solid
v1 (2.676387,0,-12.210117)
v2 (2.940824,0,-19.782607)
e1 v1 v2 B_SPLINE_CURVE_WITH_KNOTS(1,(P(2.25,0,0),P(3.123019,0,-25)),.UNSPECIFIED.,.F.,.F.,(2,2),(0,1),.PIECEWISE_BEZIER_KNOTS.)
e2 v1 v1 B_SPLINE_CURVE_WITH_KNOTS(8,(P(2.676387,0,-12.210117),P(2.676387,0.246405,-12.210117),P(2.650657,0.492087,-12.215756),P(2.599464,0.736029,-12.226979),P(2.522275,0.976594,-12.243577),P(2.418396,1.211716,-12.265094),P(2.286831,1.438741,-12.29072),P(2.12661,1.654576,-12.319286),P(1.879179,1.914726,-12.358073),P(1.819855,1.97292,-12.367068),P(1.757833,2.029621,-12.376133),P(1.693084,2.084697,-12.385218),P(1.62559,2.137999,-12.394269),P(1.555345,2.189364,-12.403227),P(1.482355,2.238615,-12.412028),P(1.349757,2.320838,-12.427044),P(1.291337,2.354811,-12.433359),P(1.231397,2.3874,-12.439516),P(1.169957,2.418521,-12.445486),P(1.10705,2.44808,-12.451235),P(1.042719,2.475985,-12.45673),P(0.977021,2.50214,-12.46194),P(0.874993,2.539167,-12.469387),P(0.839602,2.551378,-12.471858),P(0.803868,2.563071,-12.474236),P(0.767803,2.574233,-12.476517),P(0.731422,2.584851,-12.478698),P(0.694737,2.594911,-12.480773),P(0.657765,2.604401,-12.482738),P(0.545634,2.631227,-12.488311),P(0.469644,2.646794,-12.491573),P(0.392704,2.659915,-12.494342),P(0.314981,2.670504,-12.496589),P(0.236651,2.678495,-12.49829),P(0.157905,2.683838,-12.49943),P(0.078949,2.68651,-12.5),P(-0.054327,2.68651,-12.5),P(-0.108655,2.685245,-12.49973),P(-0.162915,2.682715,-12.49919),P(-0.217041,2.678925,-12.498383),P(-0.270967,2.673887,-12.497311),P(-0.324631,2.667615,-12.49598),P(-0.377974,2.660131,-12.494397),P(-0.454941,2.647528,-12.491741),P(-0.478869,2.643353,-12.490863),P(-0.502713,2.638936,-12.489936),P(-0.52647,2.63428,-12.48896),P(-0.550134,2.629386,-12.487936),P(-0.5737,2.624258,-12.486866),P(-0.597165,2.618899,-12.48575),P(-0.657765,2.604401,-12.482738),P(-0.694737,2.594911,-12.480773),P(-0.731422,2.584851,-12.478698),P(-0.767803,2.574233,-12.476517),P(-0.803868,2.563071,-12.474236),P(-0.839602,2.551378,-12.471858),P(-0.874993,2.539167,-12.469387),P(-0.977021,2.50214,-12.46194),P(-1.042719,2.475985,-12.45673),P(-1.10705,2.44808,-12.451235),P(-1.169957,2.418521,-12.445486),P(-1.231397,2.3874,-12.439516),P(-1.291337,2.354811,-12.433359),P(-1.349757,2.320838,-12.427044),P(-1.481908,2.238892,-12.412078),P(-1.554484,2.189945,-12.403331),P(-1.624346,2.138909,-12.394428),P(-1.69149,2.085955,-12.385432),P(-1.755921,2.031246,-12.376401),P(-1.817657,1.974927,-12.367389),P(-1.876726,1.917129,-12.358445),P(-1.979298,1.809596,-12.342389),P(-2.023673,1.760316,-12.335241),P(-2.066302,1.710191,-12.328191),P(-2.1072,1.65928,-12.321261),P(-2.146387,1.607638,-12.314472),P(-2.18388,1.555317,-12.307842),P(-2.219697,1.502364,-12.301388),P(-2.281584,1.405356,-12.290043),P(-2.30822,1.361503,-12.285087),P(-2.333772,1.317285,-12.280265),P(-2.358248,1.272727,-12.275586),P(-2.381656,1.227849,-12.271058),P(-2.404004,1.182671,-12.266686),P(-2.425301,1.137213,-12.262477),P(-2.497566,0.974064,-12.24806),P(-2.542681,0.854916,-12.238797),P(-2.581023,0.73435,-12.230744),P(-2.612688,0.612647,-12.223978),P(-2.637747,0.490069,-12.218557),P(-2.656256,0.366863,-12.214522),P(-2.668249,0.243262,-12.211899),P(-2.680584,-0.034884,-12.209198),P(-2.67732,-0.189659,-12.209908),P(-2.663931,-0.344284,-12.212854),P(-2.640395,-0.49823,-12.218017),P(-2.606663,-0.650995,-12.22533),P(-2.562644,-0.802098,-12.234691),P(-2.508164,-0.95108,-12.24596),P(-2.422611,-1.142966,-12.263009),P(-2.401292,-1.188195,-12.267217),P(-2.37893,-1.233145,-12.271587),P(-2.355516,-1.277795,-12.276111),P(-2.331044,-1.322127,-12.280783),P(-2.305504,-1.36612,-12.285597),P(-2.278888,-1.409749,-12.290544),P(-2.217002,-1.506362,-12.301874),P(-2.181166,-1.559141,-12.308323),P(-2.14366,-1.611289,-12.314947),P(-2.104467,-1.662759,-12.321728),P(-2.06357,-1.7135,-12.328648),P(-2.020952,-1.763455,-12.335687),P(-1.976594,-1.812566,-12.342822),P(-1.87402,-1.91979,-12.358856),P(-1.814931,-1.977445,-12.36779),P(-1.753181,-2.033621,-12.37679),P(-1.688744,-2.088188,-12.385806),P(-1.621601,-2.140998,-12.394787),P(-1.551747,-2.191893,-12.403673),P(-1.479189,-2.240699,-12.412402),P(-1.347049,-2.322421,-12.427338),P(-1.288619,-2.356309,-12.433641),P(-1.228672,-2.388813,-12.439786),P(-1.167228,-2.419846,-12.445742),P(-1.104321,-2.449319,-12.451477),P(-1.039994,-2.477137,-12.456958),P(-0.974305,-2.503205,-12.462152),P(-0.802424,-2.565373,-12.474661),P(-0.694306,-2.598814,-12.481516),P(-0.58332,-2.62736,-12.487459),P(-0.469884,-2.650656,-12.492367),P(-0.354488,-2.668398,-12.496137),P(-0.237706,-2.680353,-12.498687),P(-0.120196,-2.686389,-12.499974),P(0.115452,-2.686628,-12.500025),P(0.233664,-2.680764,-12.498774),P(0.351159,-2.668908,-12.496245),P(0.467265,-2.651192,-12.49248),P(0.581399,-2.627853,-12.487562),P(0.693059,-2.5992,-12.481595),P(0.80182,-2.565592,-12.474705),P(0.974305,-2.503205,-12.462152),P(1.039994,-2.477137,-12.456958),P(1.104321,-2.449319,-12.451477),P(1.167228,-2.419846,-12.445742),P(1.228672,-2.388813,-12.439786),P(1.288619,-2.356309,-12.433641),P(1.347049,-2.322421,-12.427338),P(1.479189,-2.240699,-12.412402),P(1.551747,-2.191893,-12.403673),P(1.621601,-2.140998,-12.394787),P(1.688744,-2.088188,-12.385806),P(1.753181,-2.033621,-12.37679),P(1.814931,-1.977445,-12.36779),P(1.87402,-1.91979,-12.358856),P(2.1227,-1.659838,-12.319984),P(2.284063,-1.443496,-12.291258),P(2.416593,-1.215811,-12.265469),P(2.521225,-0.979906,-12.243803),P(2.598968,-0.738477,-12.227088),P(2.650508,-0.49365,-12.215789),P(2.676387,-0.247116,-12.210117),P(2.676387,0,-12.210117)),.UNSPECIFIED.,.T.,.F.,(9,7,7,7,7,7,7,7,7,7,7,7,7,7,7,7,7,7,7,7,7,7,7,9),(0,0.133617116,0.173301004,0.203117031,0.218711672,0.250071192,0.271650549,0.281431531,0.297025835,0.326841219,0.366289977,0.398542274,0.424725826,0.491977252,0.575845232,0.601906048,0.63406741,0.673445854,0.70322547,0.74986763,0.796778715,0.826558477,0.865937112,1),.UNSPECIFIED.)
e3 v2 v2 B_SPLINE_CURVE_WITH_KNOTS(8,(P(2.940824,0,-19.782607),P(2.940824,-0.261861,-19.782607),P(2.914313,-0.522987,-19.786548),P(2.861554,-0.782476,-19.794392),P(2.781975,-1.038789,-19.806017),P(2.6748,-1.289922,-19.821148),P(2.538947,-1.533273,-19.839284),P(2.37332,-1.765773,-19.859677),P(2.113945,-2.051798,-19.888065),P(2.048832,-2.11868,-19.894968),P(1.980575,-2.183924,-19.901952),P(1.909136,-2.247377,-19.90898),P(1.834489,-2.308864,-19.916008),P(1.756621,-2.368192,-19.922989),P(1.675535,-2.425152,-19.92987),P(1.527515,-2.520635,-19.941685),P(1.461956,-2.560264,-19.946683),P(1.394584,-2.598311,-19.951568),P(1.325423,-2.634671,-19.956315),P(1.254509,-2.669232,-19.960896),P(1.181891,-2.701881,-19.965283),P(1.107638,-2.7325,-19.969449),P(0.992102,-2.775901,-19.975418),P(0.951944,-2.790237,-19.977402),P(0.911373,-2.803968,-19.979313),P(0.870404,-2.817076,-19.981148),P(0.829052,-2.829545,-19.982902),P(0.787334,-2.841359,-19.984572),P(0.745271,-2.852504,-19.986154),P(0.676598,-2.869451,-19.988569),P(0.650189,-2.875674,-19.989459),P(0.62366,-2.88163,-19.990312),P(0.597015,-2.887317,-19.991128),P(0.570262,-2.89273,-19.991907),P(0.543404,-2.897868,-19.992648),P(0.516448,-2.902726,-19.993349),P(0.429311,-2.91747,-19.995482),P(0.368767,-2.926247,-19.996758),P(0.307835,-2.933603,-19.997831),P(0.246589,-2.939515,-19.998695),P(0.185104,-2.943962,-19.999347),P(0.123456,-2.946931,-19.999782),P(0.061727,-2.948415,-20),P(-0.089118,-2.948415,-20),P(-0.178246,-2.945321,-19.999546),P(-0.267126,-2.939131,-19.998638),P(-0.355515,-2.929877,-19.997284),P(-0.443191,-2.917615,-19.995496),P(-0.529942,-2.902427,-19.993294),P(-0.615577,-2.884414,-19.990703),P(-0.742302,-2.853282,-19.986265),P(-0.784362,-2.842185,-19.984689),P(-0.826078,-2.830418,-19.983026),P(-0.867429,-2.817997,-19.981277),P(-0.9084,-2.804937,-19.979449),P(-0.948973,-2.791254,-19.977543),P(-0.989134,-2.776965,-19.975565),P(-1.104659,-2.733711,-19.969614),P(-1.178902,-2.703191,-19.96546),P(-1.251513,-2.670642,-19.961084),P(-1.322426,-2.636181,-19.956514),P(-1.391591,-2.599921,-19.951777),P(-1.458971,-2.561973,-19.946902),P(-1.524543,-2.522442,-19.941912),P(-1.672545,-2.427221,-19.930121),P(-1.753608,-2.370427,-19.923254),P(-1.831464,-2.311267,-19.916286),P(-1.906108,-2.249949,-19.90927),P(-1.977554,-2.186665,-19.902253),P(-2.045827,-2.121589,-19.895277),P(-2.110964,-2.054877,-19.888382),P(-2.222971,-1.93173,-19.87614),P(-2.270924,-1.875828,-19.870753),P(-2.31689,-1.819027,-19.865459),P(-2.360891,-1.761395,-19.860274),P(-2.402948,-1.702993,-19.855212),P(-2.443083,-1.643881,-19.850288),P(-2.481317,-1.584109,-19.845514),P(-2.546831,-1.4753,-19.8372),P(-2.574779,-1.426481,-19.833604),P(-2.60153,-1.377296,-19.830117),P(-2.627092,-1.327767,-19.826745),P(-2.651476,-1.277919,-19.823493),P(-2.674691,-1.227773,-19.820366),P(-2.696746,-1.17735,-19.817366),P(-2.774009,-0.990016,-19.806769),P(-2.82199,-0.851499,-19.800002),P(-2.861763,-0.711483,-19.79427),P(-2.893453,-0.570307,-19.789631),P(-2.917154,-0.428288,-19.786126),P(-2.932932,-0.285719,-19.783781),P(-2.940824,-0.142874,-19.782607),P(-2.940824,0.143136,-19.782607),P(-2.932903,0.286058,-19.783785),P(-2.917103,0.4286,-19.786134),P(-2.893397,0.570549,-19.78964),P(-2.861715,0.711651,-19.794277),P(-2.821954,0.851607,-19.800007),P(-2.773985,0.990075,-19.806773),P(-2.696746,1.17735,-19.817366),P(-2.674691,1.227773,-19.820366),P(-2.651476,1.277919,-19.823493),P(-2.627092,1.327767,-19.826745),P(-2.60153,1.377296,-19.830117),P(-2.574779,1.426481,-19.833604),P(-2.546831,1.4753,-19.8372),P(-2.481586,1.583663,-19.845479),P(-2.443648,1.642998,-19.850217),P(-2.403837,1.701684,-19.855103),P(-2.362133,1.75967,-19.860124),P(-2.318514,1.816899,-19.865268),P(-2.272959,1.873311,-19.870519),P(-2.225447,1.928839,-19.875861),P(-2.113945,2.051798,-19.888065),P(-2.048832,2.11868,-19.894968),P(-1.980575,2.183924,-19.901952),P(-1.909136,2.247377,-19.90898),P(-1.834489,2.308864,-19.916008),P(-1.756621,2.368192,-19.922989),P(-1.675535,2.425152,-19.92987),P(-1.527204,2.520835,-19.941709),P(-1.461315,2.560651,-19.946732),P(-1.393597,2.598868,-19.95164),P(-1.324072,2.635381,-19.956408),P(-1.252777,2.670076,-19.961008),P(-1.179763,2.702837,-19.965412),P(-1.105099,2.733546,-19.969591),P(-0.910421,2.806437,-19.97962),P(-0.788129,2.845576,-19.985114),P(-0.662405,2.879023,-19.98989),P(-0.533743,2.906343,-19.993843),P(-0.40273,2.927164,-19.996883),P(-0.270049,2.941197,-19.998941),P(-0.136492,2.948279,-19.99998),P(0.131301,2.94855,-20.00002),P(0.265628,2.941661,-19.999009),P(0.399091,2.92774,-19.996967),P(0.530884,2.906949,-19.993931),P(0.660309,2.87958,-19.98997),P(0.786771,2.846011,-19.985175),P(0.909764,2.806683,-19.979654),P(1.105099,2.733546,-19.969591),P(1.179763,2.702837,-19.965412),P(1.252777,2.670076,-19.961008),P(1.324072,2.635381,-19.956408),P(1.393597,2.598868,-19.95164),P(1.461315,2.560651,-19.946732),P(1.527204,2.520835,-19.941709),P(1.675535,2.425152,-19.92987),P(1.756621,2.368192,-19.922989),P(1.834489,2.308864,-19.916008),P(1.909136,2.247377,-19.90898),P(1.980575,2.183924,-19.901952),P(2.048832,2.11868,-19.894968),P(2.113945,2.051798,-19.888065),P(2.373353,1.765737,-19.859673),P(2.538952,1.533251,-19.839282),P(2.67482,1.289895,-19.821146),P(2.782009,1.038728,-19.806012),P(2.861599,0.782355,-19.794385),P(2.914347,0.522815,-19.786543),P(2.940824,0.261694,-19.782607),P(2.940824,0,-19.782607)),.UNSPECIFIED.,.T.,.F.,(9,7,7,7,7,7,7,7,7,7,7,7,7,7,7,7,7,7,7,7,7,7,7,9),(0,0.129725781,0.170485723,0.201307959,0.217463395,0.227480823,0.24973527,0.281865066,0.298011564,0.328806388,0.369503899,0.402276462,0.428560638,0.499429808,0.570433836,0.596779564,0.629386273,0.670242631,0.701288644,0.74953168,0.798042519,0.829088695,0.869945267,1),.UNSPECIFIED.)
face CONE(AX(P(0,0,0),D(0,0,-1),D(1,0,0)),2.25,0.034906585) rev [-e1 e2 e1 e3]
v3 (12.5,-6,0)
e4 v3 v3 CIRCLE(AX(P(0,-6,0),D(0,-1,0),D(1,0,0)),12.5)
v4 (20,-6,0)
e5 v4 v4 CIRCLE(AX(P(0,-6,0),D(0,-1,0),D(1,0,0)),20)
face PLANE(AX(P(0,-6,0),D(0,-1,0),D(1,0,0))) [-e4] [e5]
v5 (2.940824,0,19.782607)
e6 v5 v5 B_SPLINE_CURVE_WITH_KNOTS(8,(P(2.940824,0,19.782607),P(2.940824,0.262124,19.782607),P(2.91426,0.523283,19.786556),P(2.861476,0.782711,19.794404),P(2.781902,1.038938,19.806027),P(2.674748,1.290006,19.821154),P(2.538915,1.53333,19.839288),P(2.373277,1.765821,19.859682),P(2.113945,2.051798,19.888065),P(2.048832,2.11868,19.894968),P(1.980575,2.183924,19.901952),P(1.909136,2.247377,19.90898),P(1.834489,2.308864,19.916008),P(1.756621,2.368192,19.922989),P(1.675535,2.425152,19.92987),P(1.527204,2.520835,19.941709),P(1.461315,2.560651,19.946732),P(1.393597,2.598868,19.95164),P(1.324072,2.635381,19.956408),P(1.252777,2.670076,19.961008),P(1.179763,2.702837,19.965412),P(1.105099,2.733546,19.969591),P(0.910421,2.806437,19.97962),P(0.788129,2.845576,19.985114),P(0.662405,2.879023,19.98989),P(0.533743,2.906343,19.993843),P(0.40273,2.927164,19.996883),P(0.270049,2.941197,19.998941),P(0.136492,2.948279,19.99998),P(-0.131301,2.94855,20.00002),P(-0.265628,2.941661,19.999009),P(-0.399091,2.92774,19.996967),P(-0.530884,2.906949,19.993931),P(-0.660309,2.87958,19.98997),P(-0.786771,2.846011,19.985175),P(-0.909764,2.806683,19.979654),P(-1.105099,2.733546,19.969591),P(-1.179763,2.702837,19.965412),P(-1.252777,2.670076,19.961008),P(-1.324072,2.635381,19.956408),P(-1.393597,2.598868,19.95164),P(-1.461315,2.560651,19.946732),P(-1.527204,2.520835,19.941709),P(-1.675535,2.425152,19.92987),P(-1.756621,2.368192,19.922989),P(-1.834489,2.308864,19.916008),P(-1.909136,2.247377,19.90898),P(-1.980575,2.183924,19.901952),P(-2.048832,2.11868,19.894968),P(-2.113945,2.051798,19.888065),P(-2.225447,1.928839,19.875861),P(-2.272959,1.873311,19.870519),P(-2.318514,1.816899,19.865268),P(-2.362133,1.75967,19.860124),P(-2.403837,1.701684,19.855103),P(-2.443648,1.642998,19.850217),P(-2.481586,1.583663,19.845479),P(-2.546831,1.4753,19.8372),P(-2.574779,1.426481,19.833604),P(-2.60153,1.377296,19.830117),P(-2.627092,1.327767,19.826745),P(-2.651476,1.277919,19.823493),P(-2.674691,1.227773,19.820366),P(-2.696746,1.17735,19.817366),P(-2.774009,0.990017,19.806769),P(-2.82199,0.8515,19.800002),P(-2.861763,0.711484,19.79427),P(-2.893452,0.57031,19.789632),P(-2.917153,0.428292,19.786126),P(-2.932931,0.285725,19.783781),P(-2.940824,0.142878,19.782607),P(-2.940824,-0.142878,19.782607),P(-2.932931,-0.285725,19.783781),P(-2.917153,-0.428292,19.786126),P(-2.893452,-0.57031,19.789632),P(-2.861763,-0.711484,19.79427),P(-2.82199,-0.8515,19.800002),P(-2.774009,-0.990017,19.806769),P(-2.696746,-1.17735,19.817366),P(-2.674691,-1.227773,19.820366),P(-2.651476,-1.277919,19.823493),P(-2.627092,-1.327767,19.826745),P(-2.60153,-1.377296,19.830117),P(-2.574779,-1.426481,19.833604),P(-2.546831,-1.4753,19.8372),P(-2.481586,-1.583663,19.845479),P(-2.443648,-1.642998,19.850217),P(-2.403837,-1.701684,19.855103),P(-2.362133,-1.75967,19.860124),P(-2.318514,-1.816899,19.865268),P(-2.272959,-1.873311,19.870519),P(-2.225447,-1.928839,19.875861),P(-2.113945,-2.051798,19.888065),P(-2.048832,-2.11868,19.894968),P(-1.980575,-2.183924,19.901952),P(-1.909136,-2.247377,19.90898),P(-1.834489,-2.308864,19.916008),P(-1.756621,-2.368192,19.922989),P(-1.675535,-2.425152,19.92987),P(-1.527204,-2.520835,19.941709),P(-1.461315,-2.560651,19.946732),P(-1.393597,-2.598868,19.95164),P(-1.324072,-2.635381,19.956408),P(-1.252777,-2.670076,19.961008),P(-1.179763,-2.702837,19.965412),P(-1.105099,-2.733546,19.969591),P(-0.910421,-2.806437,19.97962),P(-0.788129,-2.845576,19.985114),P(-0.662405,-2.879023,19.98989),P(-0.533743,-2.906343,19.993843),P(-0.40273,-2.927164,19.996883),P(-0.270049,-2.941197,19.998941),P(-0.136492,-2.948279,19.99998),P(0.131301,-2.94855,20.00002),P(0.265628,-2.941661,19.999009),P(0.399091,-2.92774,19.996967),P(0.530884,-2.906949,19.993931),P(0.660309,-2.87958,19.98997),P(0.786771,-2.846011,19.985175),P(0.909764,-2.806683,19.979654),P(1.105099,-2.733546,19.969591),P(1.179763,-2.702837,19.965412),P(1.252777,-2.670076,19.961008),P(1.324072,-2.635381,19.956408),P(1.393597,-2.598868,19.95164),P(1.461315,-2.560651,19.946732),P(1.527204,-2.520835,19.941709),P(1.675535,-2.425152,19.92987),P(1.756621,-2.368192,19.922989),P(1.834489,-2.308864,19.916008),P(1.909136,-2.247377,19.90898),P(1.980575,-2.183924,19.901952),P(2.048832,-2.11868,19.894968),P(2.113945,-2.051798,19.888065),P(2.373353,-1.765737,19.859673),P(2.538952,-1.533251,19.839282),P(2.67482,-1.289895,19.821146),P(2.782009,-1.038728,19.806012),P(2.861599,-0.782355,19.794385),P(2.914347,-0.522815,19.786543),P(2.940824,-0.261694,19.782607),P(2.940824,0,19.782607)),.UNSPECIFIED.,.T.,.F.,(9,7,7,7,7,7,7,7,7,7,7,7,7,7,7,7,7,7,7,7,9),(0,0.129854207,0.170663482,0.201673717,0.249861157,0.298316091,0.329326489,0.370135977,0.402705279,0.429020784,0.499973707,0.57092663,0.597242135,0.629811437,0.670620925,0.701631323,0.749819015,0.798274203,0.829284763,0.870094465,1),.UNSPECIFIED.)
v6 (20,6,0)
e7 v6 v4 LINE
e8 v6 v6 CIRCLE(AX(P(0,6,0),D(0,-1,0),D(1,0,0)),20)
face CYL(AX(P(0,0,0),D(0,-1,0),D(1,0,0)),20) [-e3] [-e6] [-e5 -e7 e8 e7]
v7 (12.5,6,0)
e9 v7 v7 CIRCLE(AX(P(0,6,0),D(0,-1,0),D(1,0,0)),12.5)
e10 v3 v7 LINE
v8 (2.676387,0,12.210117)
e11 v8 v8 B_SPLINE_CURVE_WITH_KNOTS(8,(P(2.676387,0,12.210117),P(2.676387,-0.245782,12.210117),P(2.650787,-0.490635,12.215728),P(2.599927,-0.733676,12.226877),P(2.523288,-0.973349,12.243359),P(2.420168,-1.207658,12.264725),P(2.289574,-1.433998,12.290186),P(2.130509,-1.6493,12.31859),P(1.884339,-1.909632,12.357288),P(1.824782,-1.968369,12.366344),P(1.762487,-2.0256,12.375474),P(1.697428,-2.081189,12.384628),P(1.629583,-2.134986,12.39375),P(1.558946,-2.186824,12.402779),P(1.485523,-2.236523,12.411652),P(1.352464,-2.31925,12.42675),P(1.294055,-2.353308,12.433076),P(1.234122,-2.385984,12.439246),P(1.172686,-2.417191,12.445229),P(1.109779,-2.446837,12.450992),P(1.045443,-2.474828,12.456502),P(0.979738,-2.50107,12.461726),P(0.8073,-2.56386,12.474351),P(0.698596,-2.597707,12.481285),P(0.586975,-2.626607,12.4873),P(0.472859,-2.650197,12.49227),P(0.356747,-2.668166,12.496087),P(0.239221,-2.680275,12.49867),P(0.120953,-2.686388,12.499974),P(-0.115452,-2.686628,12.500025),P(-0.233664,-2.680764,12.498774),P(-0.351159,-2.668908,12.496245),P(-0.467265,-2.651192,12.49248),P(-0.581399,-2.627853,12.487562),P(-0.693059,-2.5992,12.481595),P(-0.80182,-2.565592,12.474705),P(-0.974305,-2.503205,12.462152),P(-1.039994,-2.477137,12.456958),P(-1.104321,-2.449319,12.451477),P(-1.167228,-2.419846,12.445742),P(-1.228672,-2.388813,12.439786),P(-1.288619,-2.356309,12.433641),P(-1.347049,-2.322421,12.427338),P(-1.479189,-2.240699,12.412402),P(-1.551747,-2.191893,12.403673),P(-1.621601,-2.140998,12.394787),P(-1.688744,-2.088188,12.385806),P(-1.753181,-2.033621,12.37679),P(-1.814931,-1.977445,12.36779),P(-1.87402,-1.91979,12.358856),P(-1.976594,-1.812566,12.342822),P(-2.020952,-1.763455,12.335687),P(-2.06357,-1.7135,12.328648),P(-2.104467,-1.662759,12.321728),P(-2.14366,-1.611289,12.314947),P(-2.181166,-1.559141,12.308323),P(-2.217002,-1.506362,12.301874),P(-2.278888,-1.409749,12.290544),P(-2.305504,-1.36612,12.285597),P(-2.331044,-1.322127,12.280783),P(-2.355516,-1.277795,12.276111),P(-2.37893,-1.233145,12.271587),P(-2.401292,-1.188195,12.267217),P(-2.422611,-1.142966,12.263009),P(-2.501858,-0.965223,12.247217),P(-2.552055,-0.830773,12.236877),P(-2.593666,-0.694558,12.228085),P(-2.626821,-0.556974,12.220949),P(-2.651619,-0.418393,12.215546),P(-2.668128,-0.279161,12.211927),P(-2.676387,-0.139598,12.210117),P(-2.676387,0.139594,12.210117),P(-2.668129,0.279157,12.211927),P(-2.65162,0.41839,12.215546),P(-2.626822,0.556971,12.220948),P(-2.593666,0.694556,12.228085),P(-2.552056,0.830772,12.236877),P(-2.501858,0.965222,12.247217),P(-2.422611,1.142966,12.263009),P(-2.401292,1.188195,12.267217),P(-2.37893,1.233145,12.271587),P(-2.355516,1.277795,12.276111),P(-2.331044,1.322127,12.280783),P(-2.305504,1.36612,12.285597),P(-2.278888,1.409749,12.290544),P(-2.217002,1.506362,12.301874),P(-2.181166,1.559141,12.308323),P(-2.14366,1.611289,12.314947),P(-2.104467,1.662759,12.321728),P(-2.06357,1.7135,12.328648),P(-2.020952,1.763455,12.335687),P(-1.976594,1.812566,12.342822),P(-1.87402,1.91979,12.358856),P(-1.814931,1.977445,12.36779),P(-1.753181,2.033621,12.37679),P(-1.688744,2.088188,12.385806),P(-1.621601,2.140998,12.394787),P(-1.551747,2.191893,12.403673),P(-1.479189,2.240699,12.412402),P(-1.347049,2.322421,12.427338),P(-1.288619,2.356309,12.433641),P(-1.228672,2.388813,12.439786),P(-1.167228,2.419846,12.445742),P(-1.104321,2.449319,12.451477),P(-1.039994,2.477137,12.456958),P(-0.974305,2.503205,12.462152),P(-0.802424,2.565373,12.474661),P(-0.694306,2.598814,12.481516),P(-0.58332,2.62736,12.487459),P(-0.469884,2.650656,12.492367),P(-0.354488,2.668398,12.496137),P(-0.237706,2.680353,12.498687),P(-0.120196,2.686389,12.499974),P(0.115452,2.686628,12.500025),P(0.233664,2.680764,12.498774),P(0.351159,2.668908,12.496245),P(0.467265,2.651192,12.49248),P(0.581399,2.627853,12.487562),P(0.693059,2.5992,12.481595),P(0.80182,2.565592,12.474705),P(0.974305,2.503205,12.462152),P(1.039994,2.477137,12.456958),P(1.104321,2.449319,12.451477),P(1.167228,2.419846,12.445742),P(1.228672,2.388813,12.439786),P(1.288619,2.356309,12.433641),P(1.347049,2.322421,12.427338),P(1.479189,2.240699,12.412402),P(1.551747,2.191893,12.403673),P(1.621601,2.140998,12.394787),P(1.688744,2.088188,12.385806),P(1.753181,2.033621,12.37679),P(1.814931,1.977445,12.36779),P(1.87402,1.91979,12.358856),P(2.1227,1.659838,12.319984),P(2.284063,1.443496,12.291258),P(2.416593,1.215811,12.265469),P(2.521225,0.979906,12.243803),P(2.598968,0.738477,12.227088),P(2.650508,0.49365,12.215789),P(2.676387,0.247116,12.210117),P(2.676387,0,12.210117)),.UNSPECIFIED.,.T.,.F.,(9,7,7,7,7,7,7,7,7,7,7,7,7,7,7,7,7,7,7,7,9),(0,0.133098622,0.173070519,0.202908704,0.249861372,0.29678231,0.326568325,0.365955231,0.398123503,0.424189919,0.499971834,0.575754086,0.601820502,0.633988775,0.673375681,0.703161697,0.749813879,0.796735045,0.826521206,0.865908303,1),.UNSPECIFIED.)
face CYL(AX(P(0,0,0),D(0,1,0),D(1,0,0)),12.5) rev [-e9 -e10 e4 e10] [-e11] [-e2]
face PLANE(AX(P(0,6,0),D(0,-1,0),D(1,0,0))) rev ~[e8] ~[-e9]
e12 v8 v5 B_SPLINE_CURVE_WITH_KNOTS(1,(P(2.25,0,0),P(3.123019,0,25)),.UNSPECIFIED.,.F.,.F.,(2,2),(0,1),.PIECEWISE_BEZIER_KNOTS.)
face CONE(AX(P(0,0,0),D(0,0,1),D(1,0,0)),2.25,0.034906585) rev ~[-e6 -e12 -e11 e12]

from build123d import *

# Parameters (mm, degrees)
F0_R     = 20
F0_R_2   = 12.5
F1_DEPTH = 6
F2_R     = 2.25
F3_DEPTH = 25
F3_TAPER = -2


with BuildPart() as f1:
    # F0 (on Front) → F1 (new body, symmetric)
    with BuildSketch(Plane.XZ):
        Circle(F0_R)
        Circle(F0_R_2, mode=Mode.SUBTRACT)
    extrude(amount=F1_DEPTH, both=True)

    # F2 (on Top) → F3 (cut, symmetric)
    with BuildSketch(Plane.XY):
        Circle(F2_R)
    extrude(amount=F3_DEPTH, both=True, taper=F3_TAPER, mode=Mode.SUBTRACT)


solid = f1.part
